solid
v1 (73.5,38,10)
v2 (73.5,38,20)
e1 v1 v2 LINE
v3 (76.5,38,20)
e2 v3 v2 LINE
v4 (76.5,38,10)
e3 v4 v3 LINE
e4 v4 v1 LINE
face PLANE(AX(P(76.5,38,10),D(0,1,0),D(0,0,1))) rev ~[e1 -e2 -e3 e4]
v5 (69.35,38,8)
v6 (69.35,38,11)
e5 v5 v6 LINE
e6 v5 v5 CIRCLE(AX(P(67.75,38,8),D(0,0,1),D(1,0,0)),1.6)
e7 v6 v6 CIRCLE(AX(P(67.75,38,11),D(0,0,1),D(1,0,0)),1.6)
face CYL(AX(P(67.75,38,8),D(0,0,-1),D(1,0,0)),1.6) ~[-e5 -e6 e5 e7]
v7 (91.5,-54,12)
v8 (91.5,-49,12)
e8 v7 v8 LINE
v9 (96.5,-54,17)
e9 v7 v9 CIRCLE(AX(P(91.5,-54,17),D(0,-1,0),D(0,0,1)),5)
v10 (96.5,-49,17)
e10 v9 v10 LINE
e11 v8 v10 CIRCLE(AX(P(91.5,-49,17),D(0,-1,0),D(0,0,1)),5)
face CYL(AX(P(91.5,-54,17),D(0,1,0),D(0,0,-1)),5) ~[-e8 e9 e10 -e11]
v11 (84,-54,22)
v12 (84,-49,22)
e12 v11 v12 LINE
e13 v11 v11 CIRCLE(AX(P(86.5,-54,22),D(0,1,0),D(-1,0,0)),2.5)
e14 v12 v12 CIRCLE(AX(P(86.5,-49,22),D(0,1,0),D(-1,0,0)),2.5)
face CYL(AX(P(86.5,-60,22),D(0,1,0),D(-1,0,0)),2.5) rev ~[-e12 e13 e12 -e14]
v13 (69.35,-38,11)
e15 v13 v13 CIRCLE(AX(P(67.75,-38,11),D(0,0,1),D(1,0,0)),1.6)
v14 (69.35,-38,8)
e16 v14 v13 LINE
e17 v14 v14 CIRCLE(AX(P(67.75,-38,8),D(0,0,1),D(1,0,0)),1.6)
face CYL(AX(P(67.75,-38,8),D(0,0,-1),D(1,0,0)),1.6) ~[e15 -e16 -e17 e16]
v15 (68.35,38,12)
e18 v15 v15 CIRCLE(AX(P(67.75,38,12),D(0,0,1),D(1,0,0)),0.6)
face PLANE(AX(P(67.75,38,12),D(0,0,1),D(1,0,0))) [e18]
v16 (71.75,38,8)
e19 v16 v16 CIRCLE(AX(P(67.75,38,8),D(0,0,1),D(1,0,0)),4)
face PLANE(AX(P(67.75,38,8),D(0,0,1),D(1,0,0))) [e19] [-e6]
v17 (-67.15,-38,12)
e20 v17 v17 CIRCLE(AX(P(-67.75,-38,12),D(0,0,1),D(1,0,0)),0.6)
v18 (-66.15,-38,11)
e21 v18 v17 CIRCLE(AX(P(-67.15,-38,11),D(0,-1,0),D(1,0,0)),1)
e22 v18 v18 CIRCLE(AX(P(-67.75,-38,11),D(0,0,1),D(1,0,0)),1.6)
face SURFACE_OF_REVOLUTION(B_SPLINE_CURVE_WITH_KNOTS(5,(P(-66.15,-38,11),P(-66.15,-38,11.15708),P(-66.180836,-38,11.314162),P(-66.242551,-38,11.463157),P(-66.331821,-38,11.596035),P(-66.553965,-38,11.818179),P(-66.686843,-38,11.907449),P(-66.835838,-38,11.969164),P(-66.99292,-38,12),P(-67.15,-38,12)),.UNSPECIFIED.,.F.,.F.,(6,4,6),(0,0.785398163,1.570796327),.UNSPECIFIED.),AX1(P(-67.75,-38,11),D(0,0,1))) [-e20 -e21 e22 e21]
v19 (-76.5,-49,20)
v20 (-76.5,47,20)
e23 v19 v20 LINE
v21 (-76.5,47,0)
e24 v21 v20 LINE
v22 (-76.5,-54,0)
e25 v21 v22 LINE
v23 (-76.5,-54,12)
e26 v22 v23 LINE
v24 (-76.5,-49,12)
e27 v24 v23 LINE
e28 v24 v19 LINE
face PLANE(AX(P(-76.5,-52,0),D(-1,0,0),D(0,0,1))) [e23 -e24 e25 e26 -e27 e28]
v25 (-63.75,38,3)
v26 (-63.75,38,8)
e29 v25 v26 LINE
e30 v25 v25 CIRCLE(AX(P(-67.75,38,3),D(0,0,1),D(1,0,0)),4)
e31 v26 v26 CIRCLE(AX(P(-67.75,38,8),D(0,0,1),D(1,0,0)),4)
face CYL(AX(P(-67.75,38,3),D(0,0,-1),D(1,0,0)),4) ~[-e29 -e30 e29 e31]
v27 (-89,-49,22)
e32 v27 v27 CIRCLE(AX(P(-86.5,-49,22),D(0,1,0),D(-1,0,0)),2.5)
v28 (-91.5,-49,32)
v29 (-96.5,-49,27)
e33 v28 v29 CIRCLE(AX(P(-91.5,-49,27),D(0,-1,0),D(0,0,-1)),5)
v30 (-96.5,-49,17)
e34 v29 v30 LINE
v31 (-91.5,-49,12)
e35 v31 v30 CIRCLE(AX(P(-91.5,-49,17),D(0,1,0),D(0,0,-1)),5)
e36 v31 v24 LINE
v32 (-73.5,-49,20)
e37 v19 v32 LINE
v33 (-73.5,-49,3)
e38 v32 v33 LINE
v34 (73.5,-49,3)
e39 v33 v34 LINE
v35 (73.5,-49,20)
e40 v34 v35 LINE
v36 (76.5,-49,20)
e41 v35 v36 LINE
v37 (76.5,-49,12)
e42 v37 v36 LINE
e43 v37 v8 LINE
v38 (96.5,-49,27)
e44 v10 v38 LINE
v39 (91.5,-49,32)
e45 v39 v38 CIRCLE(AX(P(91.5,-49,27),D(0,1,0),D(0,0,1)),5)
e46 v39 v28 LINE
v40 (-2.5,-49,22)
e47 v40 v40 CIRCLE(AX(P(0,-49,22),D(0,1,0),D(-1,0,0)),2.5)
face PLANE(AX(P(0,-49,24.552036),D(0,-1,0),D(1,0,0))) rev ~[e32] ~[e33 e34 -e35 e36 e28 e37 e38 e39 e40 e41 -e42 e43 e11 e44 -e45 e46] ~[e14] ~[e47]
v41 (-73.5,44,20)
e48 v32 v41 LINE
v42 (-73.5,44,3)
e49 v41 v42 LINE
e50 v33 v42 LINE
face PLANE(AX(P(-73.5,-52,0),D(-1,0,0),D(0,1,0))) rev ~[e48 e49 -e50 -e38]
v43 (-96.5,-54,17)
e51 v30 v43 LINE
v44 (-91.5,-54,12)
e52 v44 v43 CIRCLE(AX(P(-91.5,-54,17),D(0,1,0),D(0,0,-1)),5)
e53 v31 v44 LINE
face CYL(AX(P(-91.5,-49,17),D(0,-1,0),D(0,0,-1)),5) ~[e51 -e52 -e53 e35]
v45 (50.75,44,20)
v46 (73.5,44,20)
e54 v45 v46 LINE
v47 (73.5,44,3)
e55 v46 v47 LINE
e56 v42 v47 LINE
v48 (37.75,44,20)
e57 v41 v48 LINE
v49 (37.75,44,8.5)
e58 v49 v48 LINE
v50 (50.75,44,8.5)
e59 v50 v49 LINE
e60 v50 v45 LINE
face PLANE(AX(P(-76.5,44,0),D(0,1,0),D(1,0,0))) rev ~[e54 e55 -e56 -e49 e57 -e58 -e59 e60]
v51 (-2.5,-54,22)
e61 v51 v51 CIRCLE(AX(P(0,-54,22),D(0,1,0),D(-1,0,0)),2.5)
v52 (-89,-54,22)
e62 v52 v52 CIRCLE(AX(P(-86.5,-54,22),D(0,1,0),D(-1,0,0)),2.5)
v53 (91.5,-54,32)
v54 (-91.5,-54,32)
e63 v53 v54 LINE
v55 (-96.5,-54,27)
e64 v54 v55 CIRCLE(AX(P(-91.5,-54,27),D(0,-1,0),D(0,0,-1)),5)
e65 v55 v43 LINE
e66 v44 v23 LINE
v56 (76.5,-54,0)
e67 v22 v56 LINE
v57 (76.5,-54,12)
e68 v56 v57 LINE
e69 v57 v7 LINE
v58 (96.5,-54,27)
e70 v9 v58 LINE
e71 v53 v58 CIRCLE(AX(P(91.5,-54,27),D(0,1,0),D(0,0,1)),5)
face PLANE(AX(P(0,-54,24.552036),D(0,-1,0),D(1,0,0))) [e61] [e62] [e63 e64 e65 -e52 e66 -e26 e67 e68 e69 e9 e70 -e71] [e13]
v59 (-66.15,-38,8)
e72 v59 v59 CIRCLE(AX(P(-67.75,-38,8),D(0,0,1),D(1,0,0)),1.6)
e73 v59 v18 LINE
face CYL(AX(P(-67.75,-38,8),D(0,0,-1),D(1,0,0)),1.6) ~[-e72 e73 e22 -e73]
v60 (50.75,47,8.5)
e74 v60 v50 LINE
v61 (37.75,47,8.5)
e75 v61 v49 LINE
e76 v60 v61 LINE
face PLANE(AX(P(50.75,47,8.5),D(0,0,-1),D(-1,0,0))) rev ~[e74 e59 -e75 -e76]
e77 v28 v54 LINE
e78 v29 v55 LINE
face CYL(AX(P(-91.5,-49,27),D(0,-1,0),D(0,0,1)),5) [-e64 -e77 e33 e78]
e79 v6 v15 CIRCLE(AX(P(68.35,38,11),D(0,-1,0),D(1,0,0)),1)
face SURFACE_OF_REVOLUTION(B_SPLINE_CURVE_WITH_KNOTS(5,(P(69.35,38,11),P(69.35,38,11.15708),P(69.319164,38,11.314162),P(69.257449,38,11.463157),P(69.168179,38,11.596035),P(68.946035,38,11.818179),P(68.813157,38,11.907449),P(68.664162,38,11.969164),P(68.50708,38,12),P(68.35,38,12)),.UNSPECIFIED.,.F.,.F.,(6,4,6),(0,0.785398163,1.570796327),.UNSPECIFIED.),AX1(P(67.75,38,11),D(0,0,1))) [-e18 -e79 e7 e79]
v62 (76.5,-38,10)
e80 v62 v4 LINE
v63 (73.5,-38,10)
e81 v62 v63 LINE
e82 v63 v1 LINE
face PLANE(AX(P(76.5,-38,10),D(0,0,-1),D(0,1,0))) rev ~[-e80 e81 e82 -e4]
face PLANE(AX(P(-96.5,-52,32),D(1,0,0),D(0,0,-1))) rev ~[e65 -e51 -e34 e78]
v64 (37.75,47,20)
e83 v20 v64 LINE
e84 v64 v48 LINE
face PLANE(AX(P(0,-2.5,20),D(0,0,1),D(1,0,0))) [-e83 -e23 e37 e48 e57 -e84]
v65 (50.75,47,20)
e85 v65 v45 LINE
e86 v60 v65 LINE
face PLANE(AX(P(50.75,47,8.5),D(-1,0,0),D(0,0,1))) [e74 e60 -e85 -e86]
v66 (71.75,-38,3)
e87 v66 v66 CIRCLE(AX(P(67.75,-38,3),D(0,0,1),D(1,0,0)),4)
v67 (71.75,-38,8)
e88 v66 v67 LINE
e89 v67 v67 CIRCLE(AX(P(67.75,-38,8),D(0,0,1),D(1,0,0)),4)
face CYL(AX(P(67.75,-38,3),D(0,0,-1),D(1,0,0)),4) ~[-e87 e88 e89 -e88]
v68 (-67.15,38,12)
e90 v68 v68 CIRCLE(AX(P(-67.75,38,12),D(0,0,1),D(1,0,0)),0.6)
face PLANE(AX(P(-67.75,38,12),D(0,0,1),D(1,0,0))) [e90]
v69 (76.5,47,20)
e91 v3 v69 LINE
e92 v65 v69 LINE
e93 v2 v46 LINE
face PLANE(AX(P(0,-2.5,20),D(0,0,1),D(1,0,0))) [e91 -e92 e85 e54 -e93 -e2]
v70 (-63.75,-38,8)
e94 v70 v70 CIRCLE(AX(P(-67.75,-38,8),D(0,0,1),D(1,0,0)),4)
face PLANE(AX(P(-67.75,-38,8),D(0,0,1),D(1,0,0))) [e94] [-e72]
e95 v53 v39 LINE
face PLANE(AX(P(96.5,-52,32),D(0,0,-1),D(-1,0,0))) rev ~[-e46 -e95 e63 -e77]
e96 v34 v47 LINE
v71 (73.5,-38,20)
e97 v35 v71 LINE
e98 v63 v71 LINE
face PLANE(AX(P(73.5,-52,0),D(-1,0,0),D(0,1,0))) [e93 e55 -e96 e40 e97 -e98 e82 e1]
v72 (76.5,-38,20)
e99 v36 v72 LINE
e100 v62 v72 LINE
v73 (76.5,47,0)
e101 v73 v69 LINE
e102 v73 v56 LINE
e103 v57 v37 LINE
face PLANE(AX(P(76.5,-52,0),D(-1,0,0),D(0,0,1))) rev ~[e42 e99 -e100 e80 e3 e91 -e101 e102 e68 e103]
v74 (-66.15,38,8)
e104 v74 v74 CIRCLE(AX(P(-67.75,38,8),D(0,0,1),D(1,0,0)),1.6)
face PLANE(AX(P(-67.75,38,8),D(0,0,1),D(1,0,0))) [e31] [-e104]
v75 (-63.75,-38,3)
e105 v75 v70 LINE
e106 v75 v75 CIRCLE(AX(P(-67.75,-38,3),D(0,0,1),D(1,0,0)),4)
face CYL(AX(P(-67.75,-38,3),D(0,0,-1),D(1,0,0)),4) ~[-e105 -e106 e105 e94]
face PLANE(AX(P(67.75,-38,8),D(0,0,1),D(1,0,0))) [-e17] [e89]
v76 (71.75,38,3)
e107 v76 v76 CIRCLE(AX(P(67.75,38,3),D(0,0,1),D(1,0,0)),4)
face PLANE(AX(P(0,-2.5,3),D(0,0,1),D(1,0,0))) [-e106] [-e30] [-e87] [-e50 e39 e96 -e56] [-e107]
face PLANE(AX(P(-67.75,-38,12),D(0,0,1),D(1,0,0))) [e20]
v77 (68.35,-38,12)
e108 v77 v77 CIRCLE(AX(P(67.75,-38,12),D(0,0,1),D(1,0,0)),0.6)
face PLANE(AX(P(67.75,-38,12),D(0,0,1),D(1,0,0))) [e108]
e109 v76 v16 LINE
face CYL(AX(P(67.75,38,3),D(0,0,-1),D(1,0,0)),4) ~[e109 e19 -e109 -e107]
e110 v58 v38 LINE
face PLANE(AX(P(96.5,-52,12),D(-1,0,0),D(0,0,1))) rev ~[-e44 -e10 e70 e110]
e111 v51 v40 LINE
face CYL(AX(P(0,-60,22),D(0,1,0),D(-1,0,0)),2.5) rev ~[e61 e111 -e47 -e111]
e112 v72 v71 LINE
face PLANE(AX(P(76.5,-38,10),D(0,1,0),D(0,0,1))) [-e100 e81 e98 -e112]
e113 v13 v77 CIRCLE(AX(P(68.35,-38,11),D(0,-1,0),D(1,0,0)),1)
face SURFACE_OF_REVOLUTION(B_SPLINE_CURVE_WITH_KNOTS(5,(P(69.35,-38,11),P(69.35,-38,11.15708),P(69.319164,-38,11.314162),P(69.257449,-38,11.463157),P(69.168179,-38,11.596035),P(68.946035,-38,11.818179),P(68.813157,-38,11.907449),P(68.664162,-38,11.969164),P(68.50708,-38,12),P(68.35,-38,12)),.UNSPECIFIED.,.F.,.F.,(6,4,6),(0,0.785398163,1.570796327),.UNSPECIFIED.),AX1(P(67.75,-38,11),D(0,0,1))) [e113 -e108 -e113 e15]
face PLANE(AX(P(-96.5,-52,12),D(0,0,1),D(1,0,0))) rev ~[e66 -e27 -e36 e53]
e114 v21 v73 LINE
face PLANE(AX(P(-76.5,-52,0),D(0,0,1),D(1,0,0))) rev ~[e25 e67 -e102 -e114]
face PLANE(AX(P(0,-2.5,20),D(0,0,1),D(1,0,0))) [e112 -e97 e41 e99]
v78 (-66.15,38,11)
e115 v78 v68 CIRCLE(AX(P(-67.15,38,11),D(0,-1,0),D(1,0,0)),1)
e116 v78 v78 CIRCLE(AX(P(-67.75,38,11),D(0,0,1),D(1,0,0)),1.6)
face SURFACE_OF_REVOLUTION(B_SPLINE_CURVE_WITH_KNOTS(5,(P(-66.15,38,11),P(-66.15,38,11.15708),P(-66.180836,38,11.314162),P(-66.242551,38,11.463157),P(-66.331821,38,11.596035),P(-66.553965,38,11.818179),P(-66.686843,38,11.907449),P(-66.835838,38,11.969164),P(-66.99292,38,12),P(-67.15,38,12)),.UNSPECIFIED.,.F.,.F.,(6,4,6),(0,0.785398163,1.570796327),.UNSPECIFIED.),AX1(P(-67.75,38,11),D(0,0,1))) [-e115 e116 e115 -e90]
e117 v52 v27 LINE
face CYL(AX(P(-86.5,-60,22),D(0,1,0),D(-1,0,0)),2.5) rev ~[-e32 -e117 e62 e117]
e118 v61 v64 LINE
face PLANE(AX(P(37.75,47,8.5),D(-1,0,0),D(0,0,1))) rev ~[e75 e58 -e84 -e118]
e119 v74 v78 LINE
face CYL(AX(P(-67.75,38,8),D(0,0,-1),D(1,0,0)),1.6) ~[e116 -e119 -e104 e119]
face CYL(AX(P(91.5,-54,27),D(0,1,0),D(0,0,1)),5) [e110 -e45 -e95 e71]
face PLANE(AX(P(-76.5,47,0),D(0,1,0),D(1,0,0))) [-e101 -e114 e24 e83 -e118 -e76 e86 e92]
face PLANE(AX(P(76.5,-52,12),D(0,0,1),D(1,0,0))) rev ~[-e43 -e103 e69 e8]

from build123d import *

# Parameters (mm, degrees)
F0_W          = 153
F0_H          = 99
F0_R          = 4
F1_DEPTH      = 20
F2_T          = -3
F3_R          = 4
F4_DEPTH      = 5
F5_R          = 1.6
F6_DEPTH      = 4
F7_R          = 1
F8_W          = 153
F8_H          = 8
F8_H_2        = 12
F9_DEPTH      = 3
F9_DEPTH_BACK = 2
F10_R         = 5
F11_W         = 13
F11_H         = 11.5
F12_DEPTH     = 3
F14_W         = 76
F14_H         = 10
F15_DEPTH     = 3
F17_D         = 5
F17_DEPTH     = 6
F17_TIP       = 1.5021515476


with BuildPart() as f1:
    # F0 (on Top) → F1 (new body)
    with BuildSketch(Plane.XY):
        with Locations((0, -2.5)):
            Rectangle(F0_W, F0_H)
        with Locations((-67.75, -38)):
            Circle(F0_R, mode=Mode.SUBTRACT)
        with Locations((67.75, -38)):
            Circle(F0_R, mode=Mode.SUBTRACT)
        with Locations((-67.75, 38)):
            Circle(F0_R, mode=Mode.SUBTRACT)
        with Locations((67.75, 38)):
            Circle(F0_R, mode=Mode.SUBTRACT)
        with Locations((-67.75, 38)):
            Circle(F0_R)
        with Locations((-67.75, -38)):
            Circle(F0_R)
        with Locations((67.75, -38)):
            Circle(F0_R)
        with Locations((67.75, 38)):
            Circle(F0_R)
    extrude(amount=F1_DEPTH)

    # F2
    f2_openings = [f1.faces().sort_by_distance(p)[0] for p in [
        (0, -2.5, 20),
    ]]
    offset(amount=F2_T, openings=f2_openings)

    # F3 (on face) → F4 (join)
    with BuildSketch(Plane.XY.offset(3)):
        with Locations((-67.75, 38)):
            Circle(F3_R)
        with Locations((-67.75, -38)):
            Circle(F3_R)
        with Locations((67.75, 38)):
            Circle(F3_R)
        with Locations((67.75, -38)):
            Circle(F3_R)
    extrude(amount=F4_DEPTH)

    # F5 (on face) → F6 (join)
    with BuildSketch(Plane.XY.offset(8)):
        with Locations((-67.75, -38)):
            Circle(F5_R)
        with Locations((-67.75, 38)):
            Circle(F5_R)
        with Locations((67.75, 38)):
            Circle(F5_R)
        with Locations((67.75, -38)):
            Circle(F5_R)
    extrude(amount=F6_DEPTH)

    # F7
    f7_edges = [f1.edges().sort_by_distance(p)[0] for p in [
        (-69.35, 38, 12),
        (-69.35, -38, 12),
        (66.15, 38, 12),
        (66.15, -38, 12),
    ]]
    fillet(f7_edges, radius=F7_R)

    # F8 (on face) → F9 (join, two sides)
    with BuildSketch(Plane.XZ.offset(52)) as f9_sk:
        Polygon((96.5, 32), (-96.5, 32), (-96.5, 12), (-76.5, 12), (-76.5, 20), (76.5, 20), (76.5, 12), (96.5, 12), align=None)
        with Locations((0, 16)):
            Rectangle(F8_W, F8_H)
        with Locations((0, 6)):
            Rectangle(F8_W, F8_H_2)
    extrude(amount=-F9_DEPTH)
    extrude(f9_sk.sketch, amount=F9_DEPTH_BACK)

    # F10
    f10_edges = [f1.edges().sort_by_distance(p)[0] for p in [
        (-96.5, -51.5, 32),
        (-96.5, -51.5, 12),
        (96.5, -51.5, 32),
        (96.5, -51.5, 12),
    ]]
    fillet(f10_edges, radius=F10_R)

    # F11 (on face) → F12 (cut, through all)
    with BuildSketch(Plane(origin=(0, 47, 0), x_dir=(-1, 0, 0), z_dir=(0, 1, 0))):
        with Locations((-44.25, 14.25)):
            Rectangle(F11_W, F11_H)
    extrude(amount=-F12_DEPTH, mode=Mode.SUBTRACT)

    # F14 (on face) → F15 (cut, through all)
    with BuildSketch(Plane.YZ.offset(76.5)):
        with Locations((0, 15)):
            Rectangle(F14_W, F14_H)
    extrude(amount=-F15_DEPTH, mode=Mode.SUBTRACT)

    # F17
    with Locations(Plane.XZ.offset(54)):
        with Locations((-86.5, 22), (0, 22), (86.5, 22)):
            Hole(F17_D / 2, depth=F17_DEPTH)
            with Locations((0, 0, -(F17_DEPTH + F17_TIP / 2))):  # 118° drill point
                Cone(0, F17_D / 2, F17_TIP, mode=Mode.SUBTRACT)


solid = f1.part
